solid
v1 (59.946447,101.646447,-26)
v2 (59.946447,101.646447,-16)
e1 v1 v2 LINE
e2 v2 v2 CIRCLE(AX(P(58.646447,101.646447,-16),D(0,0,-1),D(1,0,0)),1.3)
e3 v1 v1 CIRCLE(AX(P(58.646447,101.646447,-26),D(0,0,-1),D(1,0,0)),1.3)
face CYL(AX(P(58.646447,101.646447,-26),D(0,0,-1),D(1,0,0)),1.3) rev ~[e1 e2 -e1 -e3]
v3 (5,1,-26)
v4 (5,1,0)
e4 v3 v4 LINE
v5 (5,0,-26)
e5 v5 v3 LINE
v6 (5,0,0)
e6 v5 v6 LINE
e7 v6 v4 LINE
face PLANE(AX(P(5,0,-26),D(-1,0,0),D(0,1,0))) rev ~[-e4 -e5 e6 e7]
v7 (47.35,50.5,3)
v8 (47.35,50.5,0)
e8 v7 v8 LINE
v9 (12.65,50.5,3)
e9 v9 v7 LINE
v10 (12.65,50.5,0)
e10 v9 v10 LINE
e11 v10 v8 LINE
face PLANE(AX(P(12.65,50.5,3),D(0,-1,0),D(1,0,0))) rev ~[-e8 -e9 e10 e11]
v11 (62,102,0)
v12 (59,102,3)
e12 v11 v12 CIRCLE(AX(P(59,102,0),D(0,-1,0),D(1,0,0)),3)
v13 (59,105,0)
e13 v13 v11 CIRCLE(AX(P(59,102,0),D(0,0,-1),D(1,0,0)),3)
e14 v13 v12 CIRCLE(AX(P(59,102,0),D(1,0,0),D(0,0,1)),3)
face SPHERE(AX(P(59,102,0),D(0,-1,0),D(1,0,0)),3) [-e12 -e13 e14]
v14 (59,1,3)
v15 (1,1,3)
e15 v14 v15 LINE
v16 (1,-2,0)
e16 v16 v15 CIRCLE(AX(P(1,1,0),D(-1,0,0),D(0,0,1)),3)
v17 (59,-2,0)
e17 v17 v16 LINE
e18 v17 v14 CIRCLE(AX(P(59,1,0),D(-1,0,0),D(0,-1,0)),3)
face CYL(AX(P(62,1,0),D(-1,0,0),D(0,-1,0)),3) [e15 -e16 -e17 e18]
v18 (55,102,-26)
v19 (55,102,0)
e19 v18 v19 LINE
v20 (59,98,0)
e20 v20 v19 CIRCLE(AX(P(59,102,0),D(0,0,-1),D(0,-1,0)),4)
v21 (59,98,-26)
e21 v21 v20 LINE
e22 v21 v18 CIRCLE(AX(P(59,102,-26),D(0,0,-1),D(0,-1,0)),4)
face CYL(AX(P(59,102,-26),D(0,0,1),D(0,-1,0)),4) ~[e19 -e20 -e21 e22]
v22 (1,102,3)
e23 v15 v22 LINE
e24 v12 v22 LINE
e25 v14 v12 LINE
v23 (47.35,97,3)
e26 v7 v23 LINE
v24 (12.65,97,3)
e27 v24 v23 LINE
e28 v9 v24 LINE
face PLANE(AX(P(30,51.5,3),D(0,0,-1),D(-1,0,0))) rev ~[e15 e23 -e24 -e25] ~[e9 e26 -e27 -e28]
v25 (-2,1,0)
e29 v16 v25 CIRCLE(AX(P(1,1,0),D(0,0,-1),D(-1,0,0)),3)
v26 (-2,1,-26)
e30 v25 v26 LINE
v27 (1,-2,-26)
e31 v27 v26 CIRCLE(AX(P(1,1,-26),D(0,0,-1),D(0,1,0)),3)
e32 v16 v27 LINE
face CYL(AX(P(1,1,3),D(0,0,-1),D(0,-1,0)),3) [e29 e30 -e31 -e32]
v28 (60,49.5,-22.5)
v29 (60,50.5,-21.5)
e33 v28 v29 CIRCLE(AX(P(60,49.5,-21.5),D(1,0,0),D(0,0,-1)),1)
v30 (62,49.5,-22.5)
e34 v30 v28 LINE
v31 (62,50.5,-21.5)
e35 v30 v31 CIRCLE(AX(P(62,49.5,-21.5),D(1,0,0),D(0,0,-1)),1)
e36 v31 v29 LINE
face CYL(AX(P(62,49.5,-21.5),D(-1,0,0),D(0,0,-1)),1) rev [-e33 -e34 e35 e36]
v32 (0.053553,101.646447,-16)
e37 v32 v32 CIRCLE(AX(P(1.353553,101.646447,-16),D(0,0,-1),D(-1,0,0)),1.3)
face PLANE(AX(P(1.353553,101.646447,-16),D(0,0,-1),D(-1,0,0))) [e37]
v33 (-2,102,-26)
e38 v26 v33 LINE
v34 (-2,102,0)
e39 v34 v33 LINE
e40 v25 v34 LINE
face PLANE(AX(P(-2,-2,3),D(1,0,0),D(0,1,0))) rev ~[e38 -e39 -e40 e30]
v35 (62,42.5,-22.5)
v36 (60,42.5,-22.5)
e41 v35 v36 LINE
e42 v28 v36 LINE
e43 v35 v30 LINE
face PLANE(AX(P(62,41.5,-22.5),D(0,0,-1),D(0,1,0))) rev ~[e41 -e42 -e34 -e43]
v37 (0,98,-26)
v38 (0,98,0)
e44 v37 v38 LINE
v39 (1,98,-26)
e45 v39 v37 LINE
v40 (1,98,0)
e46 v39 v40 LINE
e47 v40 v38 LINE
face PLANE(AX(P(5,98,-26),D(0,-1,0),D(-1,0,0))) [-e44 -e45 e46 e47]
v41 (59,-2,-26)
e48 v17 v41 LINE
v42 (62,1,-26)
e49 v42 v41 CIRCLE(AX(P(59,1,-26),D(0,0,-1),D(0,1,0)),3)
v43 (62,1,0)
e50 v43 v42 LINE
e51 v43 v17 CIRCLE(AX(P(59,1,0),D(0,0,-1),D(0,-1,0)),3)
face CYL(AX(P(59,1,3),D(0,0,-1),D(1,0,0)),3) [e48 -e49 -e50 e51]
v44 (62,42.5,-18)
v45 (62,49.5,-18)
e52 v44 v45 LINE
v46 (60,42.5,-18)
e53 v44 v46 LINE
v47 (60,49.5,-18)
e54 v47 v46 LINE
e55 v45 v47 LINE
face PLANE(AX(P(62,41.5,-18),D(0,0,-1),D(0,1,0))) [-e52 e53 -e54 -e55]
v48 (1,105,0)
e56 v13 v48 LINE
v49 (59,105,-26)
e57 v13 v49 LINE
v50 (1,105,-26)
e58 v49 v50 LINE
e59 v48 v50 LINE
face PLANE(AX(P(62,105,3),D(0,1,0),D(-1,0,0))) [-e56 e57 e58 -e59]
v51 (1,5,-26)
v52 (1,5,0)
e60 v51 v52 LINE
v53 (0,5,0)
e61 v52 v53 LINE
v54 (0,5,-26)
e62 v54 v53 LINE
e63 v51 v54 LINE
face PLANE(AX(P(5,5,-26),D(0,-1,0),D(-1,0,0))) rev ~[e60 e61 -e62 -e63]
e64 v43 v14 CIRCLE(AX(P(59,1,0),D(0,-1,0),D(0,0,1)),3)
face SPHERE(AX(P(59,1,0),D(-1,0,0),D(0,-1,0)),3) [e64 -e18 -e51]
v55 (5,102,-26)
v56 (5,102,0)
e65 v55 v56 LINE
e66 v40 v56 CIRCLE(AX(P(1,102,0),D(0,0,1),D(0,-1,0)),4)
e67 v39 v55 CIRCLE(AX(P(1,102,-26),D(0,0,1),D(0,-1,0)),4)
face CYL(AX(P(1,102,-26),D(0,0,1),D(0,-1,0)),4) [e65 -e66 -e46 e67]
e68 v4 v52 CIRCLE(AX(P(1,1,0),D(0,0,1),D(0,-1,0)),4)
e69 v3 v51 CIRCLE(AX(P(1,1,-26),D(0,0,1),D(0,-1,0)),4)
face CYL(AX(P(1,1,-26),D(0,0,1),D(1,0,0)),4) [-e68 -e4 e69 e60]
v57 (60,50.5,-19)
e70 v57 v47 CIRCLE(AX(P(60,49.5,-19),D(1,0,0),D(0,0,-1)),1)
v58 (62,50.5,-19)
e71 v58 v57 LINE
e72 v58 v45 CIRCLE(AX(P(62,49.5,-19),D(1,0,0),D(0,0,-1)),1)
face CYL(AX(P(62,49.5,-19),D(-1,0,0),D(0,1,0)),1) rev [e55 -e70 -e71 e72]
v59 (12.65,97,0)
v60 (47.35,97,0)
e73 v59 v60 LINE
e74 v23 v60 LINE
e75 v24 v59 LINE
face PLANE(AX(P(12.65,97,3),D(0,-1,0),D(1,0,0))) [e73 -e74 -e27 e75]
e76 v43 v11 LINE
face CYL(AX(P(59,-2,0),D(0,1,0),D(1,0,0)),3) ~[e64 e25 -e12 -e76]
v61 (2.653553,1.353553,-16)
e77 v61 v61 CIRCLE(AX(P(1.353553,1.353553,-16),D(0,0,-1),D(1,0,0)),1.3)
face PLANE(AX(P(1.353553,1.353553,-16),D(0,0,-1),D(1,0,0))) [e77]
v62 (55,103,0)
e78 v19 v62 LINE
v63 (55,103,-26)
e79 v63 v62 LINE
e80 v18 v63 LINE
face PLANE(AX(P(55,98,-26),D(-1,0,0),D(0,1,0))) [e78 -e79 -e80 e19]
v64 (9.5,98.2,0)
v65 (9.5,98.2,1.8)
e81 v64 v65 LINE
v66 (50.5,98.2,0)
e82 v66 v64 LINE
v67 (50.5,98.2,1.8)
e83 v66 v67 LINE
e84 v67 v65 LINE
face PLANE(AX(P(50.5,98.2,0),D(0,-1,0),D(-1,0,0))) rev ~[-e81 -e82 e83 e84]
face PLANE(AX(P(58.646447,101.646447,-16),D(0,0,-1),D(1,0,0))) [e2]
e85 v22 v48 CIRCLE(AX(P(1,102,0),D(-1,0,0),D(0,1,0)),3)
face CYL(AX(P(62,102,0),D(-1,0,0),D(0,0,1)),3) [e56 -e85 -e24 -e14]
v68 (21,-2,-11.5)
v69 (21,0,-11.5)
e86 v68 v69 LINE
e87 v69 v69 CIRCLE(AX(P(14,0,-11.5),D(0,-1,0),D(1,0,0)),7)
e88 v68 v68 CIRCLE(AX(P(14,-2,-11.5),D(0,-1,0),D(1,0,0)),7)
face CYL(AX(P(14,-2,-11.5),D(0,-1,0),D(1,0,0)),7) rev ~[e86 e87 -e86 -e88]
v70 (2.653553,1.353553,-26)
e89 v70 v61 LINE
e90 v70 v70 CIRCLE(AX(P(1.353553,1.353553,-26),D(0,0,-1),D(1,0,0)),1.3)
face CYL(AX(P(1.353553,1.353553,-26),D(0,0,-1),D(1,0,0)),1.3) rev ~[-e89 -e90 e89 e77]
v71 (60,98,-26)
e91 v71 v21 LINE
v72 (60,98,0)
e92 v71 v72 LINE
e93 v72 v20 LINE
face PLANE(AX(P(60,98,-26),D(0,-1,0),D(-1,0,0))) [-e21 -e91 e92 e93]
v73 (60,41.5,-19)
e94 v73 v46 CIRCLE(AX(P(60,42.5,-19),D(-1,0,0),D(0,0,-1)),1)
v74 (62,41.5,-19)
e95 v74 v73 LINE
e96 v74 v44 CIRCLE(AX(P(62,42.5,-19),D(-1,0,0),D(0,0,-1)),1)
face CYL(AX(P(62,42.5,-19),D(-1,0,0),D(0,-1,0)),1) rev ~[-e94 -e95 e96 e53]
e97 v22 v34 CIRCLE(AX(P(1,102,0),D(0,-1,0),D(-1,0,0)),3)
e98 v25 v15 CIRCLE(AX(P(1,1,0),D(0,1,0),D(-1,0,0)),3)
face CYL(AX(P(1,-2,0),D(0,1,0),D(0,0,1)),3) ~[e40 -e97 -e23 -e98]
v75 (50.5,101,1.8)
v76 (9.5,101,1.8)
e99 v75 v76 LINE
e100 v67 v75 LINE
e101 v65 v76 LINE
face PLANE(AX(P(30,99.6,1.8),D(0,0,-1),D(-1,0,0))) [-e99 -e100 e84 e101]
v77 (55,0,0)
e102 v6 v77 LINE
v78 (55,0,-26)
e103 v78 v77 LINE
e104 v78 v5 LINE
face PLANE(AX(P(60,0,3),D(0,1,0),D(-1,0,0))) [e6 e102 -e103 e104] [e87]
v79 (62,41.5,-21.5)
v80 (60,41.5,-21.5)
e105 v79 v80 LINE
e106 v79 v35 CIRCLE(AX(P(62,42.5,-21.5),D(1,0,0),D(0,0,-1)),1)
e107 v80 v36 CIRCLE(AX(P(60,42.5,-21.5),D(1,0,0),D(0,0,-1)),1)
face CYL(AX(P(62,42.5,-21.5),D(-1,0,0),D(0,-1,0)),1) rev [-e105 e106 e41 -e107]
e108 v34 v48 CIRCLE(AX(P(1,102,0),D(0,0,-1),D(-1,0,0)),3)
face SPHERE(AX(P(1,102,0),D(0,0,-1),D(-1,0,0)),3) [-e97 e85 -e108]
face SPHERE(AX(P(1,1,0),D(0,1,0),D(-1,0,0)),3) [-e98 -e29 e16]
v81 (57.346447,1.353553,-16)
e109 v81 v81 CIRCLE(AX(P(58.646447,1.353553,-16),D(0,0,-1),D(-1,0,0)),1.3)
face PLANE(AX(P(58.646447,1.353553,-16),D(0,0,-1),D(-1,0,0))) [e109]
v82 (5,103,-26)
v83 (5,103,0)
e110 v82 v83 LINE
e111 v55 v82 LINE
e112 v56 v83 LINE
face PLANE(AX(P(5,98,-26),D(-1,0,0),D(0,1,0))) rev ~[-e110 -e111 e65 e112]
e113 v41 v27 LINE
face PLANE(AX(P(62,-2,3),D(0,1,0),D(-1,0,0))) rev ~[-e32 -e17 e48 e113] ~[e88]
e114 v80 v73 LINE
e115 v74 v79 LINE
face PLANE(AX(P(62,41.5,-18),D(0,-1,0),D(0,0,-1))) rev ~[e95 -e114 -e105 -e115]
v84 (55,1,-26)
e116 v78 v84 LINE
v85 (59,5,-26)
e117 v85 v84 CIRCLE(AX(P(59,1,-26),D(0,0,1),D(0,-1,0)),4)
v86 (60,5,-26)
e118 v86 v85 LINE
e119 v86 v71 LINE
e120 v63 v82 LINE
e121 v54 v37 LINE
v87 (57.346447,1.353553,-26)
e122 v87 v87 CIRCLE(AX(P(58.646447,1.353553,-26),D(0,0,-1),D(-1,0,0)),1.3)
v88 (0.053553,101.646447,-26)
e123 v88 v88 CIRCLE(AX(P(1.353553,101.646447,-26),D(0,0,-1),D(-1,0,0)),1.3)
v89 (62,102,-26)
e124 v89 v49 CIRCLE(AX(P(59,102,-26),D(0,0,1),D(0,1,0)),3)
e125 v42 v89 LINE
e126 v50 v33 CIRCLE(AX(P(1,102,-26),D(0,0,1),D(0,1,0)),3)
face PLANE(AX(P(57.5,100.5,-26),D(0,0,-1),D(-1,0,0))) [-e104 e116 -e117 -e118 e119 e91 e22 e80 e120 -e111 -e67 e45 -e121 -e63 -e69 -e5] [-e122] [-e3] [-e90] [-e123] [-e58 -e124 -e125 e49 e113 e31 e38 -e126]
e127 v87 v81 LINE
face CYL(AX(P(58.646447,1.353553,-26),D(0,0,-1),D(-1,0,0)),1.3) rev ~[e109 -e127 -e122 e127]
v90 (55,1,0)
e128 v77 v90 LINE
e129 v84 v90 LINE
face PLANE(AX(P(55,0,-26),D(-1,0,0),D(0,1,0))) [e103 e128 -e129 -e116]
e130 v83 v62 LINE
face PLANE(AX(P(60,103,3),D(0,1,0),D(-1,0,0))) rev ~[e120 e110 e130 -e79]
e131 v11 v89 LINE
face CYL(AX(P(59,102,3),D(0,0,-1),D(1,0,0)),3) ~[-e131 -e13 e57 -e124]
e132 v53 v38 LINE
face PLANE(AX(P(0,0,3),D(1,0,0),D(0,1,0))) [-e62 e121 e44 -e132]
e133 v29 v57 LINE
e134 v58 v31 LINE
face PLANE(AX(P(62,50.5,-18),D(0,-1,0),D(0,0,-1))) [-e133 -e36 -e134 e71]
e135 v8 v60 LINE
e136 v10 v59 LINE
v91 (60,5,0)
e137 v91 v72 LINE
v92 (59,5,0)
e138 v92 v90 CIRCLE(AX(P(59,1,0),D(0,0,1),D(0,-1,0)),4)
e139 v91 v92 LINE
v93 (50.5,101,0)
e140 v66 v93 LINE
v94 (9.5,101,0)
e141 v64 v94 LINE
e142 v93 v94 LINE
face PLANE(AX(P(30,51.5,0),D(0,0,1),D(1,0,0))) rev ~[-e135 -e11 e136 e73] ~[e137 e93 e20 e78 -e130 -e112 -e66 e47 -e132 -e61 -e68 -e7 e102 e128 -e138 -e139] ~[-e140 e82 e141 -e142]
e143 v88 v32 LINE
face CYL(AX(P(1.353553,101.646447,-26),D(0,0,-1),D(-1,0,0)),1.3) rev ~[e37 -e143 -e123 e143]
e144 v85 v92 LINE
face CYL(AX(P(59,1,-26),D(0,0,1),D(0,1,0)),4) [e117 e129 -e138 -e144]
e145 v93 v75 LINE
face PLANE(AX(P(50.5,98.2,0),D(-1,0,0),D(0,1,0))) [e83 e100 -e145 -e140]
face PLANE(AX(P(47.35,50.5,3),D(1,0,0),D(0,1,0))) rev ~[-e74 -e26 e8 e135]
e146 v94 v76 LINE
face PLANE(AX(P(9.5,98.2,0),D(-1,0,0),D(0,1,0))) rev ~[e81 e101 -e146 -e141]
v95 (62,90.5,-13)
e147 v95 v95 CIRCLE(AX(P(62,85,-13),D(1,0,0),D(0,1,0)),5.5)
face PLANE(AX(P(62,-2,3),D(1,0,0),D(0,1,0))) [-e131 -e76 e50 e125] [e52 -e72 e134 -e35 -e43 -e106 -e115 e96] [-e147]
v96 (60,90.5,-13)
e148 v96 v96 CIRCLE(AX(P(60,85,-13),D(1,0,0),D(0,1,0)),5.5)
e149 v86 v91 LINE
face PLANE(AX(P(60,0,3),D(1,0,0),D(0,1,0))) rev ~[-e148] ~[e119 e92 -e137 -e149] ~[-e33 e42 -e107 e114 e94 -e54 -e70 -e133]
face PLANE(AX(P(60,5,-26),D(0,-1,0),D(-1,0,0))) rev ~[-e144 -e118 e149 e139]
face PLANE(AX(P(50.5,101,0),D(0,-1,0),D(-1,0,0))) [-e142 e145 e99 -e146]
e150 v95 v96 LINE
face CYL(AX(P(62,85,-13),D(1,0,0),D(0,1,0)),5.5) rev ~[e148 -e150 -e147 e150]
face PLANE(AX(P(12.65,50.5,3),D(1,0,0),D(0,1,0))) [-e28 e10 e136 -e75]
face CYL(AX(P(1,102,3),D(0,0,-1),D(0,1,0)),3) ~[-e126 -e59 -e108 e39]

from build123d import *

# Parameters (mm, degrees)
ESQUISSE1_W             = 60
ESQUISSE1_H             = 103
BOSS_EXTRU_1_DEPTH      = 3
ESQUISSE2_W             = 34.7
ESQUISSE2_H             = 46.5
ENL_V_MAT_EXTRU_1_DEPTH = 120.239255281
ESQUISSE3_W             = 41
ESQUISSE3_H             = 2.8
ENL_V_MAT_EXTRU_2_DEPTH = 1.8
BOSS_EXTRU_2_DEPTH      = 26
BOSS_EXTRU_2_DEPTH_BACK = 3
ESQUISSE4_W             = 64
ESQUISSE4_H             = 107
ESQUISSE4_W_2           = 60
ESQUISSE4_H_2           = 103
ENL_V_MAT_EXTRU_3_REACH = 127.686
ESQUISSE5_R             = 5.5
ESQUISSE5_W             = 4.5
ESQUISSE5_H             = 9
CONG_1_R                = 1
CONG_2_R                = 3
ESQUISSE6_W             = 5
ESQUISSE6_H             = 5
BOSS_EXTRU_3_DEPTH      = 26
CONG_3_R                = 4
ESQUISSE7_R             = 1.3
ENL_V_MAT_EXTRU_4_DEPTH = 10
ENL_V_MAT_EXTRU_5_REACH = 128.369
ESQUISSE8_R             = 7


with BuildPart() as part:
    # Esquisse1 → Boss.-Extru.1 (new body)
    with BuildSketch(Plane.XY):
        with Locations((30, 51.5)):
            Rectangle(ESQUISSE1_W, ESQUISSE1_H)
    extrude(amount=BOSS_EXTRU_1_DEPTH)

    # Esquisse2 → Enlèv. mat.-Extru.1 (cut, through all)
    with BuildSketch(Plane.XY.offset(3)):
        with Locations((30, 73.75)):
            Rectangle(ESQUISSE2_W, ESQUISSE2_H)
    extrude(amount=-ENL_V_MAT_EXTRU_1_DEPTH, mode=Mode.SUBTRACT)

    # Esquisse3 → Enlèv. mat.-Extru.2 (cut)
    with BuildSketch(Plane(origin=(0, 0, 0), x_dir=(-1, 0, 0), z_dir=(0, 0, -1))):
        with Locations((-30, 99.6)):
            Rectangle(ESQUISSE3_W, ESQUISSE3_H)
    extrude(amount=-ENL_V_MAT_EXTRU_2_DEPTH, mode=Mode.SUBTRACT)

    # Esquisse4 → Boss.-Extru.2 (add, two sides: drawn at the far end of the back side and taken through both)
    with BuildSketch(Plane(origin=(0, 0, 0), x_dir=(-1, 0, 0), z_dir=(0, 0, -1)).offset(-BOSS_EXTRU_2_DEPTH_BACK)):
        with Locations((-30, 51.5)):
            Rectangle(ESQUISSE4_W, ESQUISSE4_H)
        with Locations((-30, 51.5)):
            Rectangle(ESQUISSE4_W_2, ESQUISSE4_H_2, mode=Mode.SUBTRACT)
    extrude(amount=BOSS_EXTRU_2_DEPTH + BOSS_EXTRU_2_DEPTH_BACK)

    # Esquisse5 → Enlèv. mat.-Extru.3 (cut, up to next)
    with BuildSketch(Plane(origin=(62, 0, 0), x_dir=(0, 0, -1), z_dir=(1, 0, 0)), mode=Mode.PRIVATE) as enl_v_mat_extru_3_sk1:
        with Locations(Location((13, 85, 0), (0, 0, 90))):
            Circle(ESQUISSE5_R)
    enl_v_mat_extru_3_tool1 = extrude(enl_v_mat_extru_3_sk1.sketch, amount=-ENL_V_MAT_EXTRU_3_REACH, mode=Mode.PRIVATE) & part.part
    # Esquisse5 → Enlèv. mat.-Extru.3 (cut, up to next)
    with BuildSketch(Plane(origin=(62, 0, 0), x_dir=(0, 0, -1), z_dir=(1, 0, 0)), mode=Mode.PRIVATE) as enl_v_mat_extru_3_sk2:
        with Locations((20.25, 46)):
            Rectangle(ESQUISSE5_W, ESQUISSE5_H)
    enl_v_mat_extru_3_tool2 = extrude(enl_v_mat_extru_3_sk2.sketch, amount=-ENL_V_MAT_EXTRU_3_REACH, mode=Mode.PRIVATE) & part.part
    add(enl_v_mat_extru_3_tool1.solids().sort_by_distance((62, 85, -13))[0], mode=Mode.SUBTRACT)
    add(enl_v_mat_extru_3_tool2.solids().sort_by_distance((62, 46, -20.25))[0], mode=Mode.SUBTRACT)

    # Congé1
    cong_1_edges = [part.edges().sort_by_distance(p)[0] for p in [
        (61, 41.5, -18),
        (61, 50.5, -18),
        (61, 50.5, -22.5),
        (61, 41.5, -22.5),
    ]]
    fillet(cong_1_edges, radius=CONG_1_R)

    # Congé2
    cong_2_edges = [part.edges().sort_by_distance(p)[0] for p in [
        (-2, 105, -11.5),
        (-2, 51.5, 3),
        (-2, -2, -11.5),
        (30, -2, 3),
        (62, -2, -11.5),
        (62, 51.5, 3),
        (62, 105, -11.5),
        (30, 105, 3),
    ]]
    fillet(cong_2_edges, radius=CONG_2_R)

    # Esquisse6 → Boss.-Extru.3 (add)
    with BuildSketch(Plane(origin=(0, 0, -26), x_dir=(-1, 0, 0), z_dir=(0, 0, -1))):
        with Locations((-57.5, 100.5)):
            Rectangle(ESQUISSE6_W, ESQUISSE6_H)
        with Locations((-2.5, 100.5)):
            Rectangle(ESQUISSE6_W, ESQUISSE6_H)
        with Locations((-2.5, 2.5)):
            Rectangle(ESQUISSE6_W, ESQUISSE6_H)
        with Locations((-57.5, 2.5)):
            Rectangle(ESQUISSE6_W, ESQUISSE6_H)
    extrude(amount=-BOSS_EXTRU_3_DEPTH)

    # Congé3
    cong_3_edges = [part.edges().sort_by_distance(p)[0] for p in [
        (55, 98, -13),
        (5, 98, -13),
        (5, 5, -13),
        (55, 5, -13),
    ]]
    fillet(cong_3_edges, radius=CONG_3_R)

    # Esquisse7 → Enlèv. mat.-Extru.4 (cut)
    with BuildSketch(Plane(origin=(0, 0, -26), x_dir=(-1, 0, 0), z_dir=(0, 0, -1))):
        with Locations((-1.353553391, 101.646446609)):
            Circle(ESQUISSE7_R)
        with Locations(Location((-58.646446609, 101.646446609, 0), (0, 0, 180))):
            Circle(ESQUISSE7_R)
        with Locations((-58.646446609, 1.353553391)):
            Circle(ESQUISSE7_R)
        with Locations(Location((-1.353553391, 1.353553391, 0), (0, 0, 180))):
            Circle(ESQUISSE7_R)
    extrude(amount=-ENL_V_MAT_EXTRU_4_DEPTH, mode=Mode.SUBTRACT)

    # Esquisse8 → Enlèv. mat.-Extru.5 (cut, up to next)
    with BuildSketch(Plane(origin=(0, -2, 0), x_dir=(-1, 0, 0), z_dir=(0, -1, 0)), mode=Mode.PRIVATE) as enl_v_mat_extru_5_sk1:
        with Locations(Location((-14, 11.5, 0), (0, 0, 180))):
            Circle(ESQUISSE8_R)
    enl_v_mat_extru_5_tool1 = extrude(enl_v_mat_extru_5_sk1.sketch, amount=-ENL_V_MAT_EXTRU_5_REACH, mode=Mode.PRIVATE) & part.part
    add(enl_v_mat_extru_5_tool1.solids().sort_by_distance((14, -2, -11.5))[0], mode=Mode.SUBTRACT)


solid = part.part
